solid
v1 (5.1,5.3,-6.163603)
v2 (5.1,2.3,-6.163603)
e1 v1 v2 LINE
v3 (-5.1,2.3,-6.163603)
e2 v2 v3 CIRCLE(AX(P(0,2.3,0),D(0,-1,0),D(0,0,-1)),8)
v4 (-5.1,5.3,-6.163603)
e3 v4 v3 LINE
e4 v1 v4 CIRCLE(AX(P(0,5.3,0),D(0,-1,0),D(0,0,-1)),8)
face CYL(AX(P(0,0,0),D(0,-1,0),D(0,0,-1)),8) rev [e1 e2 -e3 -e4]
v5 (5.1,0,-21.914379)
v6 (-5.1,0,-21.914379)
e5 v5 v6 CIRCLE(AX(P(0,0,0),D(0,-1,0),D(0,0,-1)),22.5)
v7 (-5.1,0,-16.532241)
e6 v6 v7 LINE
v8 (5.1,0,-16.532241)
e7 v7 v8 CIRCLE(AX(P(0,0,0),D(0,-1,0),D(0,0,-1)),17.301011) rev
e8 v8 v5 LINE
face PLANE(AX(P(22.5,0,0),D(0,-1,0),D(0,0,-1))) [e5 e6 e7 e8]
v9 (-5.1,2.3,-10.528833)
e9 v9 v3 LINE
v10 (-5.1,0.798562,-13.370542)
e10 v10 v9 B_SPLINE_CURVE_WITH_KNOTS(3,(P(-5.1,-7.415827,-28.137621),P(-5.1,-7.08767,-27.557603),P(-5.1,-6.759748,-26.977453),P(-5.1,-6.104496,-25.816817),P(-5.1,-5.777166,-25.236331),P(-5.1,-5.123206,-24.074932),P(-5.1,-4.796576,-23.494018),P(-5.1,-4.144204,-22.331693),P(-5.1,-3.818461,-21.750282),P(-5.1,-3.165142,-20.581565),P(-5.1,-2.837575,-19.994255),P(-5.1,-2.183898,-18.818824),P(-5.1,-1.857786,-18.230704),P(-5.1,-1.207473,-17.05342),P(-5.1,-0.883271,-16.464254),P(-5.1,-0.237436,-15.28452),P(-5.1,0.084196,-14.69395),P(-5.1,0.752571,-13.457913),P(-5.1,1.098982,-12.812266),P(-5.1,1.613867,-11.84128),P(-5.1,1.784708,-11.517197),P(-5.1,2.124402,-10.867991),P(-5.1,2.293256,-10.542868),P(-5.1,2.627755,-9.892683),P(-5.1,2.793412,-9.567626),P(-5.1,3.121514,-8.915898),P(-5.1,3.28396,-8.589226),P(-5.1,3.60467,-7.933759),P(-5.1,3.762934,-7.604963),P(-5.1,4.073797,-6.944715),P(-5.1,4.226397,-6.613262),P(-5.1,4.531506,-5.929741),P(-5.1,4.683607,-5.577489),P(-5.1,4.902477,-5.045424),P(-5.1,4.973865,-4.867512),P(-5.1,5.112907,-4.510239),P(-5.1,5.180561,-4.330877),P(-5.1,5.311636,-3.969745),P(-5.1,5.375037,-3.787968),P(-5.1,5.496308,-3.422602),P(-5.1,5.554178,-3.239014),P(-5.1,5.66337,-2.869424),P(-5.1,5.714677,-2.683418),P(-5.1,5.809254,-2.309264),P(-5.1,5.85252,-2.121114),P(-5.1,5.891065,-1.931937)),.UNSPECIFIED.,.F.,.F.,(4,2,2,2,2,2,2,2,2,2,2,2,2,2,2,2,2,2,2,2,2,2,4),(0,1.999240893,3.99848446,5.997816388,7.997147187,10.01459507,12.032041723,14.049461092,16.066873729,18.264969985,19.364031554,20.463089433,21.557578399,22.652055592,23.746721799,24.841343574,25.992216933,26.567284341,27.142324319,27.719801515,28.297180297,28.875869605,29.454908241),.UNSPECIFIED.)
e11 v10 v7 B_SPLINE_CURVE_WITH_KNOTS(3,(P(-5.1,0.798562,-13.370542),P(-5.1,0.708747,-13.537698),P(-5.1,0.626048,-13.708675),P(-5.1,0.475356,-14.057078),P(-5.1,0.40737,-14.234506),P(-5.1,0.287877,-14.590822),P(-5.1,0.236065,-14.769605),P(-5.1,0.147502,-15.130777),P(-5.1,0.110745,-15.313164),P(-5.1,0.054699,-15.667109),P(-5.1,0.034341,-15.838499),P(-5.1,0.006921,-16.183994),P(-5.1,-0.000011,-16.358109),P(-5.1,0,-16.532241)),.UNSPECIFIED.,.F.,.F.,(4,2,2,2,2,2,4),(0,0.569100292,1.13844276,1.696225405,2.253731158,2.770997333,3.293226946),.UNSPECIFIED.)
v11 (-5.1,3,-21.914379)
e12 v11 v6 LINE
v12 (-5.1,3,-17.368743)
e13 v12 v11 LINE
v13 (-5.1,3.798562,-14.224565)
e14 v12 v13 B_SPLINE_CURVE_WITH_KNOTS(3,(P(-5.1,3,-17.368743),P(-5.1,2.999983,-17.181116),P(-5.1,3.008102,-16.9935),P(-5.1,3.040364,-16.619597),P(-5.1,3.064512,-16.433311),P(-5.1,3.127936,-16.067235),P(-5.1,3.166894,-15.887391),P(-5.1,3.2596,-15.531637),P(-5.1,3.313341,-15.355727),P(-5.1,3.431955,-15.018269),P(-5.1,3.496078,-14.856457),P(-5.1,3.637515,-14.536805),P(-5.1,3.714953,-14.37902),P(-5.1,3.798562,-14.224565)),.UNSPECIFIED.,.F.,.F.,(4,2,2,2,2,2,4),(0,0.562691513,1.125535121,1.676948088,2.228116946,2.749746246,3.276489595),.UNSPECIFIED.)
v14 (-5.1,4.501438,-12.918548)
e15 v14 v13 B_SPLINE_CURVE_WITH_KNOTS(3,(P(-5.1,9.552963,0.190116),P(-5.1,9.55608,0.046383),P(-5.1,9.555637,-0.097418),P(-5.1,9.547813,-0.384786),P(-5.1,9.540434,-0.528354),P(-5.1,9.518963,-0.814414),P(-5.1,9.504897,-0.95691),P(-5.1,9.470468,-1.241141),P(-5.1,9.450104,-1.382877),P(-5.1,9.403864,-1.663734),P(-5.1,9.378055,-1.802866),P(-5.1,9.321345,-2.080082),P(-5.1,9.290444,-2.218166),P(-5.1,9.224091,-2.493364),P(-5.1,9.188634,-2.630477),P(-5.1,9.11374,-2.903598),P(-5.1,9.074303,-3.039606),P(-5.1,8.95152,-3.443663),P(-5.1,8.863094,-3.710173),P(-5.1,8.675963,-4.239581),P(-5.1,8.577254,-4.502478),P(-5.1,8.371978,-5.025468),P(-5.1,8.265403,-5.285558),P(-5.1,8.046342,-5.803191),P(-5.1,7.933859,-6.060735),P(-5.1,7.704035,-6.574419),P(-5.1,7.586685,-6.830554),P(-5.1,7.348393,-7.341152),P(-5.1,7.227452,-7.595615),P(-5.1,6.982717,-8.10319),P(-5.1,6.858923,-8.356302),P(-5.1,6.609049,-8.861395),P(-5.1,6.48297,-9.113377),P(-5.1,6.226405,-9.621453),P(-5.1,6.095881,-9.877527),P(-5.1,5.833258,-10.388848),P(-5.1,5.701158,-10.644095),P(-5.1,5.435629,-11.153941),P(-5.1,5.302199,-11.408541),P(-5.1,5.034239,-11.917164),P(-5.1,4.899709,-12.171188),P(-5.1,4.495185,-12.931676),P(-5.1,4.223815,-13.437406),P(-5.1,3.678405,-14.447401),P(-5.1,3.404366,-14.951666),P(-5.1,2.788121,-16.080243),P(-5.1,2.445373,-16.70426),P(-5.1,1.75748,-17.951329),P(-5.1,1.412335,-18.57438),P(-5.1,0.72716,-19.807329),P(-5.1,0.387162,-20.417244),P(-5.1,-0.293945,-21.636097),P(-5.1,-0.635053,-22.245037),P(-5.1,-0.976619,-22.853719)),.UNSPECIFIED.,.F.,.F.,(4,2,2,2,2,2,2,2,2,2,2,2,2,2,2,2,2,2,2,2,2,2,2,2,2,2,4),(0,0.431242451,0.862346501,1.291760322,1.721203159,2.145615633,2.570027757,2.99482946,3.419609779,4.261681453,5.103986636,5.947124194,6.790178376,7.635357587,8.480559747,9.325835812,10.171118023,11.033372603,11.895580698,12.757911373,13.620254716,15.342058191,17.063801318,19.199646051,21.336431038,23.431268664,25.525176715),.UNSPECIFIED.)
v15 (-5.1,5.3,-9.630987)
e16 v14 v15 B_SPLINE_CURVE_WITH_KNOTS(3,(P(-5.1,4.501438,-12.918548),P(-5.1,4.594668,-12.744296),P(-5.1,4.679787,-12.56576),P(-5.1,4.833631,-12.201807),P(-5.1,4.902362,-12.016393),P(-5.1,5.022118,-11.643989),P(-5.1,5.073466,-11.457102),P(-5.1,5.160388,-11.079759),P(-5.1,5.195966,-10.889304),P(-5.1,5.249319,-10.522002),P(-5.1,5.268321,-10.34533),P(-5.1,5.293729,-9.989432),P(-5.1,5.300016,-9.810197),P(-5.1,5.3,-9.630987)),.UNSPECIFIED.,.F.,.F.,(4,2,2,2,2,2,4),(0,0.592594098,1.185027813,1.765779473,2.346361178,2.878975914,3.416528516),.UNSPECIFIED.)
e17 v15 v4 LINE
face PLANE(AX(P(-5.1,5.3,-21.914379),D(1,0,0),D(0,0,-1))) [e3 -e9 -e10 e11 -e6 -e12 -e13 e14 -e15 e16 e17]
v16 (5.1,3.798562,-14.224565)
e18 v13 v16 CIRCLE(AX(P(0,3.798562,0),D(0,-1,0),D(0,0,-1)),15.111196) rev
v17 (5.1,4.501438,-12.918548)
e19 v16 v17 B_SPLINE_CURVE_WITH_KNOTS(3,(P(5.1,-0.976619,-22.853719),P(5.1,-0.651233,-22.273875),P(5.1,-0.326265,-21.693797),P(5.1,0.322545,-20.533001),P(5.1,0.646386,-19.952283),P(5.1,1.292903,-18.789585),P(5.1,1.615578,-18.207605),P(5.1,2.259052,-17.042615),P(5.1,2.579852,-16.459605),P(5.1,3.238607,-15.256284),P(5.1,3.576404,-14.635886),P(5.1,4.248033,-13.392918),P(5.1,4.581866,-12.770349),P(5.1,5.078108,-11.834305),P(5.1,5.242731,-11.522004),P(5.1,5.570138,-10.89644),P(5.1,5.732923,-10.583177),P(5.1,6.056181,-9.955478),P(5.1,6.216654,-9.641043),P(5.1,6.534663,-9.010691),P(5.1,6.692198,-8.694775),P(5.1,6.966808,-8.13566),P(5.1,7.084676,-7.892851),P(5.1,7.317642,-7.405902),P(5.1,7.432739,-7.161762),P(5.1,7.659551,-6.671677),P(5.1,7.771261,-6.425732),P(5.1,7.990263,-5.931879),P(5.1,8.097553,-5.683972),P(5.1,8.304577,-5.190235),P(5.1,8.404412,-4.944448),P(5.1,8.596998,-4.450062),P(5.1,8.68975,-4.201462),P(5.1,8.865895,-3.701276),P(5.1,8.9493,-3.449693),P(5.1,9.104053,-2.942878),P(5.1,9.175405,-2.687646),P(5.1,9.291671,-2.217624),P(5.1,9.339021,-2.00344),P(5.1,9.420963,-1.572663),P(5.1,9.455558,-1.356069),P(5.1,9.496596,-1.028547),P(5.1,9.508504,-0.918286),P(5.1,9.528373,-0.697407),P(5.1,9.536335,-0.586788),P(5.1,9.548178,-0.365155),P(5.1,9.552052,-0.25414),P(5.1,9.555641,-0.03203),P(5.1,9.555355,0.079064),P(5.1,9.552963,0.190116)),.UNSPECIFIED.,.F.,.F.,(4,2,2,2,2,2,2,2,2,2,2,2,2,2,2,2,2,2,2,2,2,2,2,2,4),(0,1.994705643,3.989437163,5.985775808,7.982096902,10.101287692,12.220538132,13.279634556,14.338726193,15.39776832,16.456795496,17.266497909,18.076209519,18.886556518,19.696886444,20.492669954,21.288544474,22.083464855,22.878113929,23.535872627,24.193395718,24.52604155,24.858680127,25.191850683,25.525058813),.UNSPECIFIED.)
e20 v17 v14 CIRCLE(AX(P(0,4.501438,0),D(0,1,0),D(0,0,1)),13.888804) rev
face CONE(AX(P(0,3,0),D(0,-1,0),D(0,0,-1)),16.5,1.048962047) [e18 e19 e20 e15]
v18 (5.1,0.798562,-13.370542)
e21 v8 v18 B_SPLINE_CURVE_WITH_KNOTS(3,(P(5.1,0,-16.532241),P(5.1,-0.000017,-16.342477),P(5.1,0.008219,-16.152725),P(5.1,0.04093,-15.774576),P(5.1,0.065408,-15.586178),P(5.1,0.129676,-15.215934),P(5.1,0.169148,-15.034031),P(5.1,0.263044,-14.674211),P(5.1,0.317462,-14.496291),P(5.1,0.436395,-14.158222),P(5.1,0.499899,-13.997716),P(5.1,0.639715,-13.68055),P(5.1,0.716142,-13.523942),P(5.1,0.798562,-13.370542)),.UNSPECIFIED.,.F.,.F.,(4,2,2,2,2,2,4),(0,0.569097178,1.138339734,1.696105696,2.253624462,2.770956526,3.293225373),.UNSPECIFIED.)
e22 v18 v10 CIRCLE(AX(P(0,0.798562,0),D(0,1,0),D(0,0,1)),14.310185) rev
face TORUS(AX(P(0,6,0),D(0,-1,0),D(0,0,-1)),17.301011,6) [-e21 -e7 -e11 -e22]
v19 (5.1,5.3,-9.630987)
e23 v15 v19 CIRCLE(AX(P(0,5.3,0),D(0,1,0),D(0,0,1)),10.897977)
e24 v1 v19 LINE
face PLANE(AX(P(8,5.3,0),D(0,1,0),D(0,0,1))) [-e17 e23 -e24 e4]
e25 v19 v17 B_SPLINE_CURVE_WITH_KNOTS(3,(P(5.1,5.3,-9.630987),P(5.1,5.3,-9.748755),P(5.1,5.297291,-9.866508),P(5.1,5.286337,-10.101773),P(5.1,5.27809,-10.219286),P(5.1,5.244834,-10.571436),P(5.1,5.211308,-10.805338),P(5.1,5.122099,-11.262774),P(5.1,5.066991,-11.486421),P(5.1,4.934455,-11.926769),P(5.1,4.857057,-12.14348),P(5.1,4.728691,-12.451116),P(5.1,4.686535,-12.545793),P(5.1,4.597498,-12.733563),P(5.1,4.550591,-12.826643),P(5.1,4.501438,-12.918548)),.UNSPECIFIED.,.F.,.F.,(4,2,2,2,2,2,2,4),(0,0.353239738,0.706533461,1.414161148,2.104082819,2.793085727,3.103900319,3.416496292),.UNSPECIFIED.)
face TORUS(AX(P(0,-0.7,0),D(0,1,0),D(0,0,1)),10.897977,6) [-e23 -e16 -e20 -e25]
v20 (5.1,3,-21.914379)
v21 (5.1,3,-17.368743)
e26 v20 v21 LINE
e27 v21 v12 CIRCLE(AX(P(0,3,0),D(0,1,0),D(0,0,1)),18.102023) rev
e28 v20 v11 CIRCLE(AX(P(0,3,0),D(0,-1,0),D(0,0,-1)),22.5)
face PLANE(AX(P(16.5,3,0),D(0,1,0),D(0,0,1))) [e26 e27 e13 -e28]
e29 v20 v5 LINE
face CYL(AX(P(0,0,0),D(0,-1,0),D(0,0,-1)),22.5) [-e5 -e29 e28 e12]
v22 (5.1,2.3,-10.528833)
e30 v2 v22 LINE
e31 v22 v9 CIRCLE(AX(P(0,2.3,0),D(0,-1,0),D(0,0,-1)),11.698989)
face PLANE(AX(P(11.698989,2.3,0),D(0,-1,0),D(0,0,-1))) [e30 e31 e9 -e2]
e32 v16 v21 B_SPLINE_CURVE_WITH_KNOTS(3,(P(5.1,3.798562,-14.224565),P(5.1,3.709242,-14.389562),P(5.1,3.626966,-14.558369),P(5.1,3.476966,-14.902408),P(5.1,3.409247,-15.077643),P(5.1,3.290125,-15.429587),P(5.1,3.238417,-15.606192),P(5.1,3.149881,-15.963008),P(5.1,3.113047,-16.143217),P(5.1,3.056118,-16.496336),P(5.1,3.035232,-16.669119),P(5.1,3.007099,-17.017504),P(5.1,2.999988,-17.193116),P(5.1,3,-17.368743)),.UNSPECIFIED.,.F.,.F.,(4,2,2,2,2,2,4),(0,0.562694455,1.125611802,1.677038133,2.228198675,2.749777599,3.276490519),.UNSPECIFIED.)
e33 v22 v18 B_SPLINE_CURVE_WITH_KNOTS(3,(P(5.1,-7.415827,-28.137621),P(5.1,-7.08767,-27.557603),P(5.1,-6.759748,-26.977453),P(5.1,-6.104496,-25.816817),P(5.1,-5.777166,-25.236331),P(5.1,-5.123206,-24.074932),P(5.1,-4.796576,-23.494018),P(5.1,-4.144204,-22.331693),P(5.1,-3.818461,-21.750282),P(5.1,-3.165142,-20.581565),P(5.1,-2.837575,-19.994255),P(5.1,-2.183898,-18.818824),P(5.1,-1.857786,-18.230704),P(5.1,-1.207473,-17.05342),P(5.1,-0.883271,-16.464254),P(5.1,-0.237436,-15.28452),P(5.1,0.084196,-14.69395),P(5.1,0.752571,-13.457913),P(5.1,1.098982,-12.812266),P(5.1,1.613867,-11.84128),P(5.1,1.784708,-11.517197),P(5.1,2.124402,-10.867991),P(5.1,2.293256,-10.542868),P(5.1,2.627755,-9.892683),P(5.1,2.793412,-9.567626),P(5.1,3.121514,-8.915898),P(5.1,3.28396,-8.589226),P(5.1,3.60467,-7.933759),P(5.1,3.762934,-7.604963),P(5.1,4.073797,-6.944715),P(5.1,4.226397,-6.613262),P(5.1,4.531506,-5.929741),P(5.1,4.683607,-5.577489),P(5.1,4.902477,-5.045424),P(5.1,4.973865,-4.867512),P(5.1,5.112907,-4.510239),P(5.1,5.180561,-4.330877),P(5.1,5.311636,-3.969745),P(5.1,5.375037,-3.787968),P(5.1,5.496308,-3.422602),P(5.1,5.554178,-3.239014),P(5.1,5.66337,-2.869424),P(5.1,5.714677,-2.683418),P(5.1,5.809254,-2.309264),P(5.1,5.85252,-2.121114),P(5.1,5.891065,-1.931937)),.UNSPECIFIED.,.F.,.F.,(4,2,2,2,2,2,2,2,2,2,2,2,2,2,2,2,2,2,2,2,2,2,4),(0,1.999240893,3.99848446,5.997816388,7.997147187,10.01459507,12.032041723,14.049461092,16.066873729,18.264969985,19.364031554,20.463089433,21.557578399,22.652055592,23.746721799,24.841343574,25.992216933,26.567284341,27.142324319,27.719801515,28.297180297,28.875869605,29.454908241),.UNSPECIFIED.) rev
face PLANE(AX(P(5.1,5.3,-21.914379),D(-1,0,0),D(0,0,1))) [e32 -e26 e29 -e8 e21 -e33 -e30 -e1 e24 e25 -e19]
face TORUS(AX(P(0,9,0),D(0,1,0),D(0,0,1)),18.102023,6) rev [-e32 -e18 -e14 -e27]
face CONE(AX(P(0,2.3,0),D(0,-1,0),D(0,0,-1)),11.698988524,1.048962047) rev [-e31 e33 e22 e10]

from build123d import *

# Parameters (mm, degrees)
CUT_EXTRUDE1_DEPTH = 33.258177258
FILLET1_R          = 6


with BuildPart() as part:
    # Sketch2 → Revolve1 (revolve)
    with BuildSketch(Plane.XY, mode=Mode.PRIVATE) as revolve1_sk:
        Polygon((8, 2.3), (8, 5.3), (12.5, 5.3), (16.5, 3), (22.5, 3), (22.5, 0), (15.698988524, 0), (11.698988524, 2.3), align=None)
    revolve(revolve1_sk.sketch.rotate(Axis((0, 0, 0), (0, 1, 0)), 90), axis=Axis((0, 0, 0), (0, 1, 0)))

    # Sketch3 → Cut-Extrude1 (cut, through all)
    with BuildSketch(Plane(origin=(0, 0, 0), x_dir=(1, 0, 0), z_dir=(0, 1, 0))):
        with BuildLine():
            Line((-5.1, 21.914378841), (-5.1, 6.163602842))
            ThreePointArc((-5.1, 6.163602842), (0, 8), (5.1, 6.163602842))
            Line((5.1, 6.163602842), (5.1, 21.914378841))
            ThreePointArc((5.1, 21.914378841), (0, 22.5), (-5.1, 21.914378841))
        make_face()
    extrude(amount=CUT_EXTRUDE1_DEPTH, mode=Mode.SUBTRACT)

    # Fillet1
    fillet1_edges = [part.edges().sort_by_distance(p)[0] for p in [
        (0, 0, 15.698988524),
        (0, 3, 16.5),
        (0, 5.3, 12.5),
    ]]
    fillet(fillet1_edges, radius=FILLET1_R)


solid = part.part
